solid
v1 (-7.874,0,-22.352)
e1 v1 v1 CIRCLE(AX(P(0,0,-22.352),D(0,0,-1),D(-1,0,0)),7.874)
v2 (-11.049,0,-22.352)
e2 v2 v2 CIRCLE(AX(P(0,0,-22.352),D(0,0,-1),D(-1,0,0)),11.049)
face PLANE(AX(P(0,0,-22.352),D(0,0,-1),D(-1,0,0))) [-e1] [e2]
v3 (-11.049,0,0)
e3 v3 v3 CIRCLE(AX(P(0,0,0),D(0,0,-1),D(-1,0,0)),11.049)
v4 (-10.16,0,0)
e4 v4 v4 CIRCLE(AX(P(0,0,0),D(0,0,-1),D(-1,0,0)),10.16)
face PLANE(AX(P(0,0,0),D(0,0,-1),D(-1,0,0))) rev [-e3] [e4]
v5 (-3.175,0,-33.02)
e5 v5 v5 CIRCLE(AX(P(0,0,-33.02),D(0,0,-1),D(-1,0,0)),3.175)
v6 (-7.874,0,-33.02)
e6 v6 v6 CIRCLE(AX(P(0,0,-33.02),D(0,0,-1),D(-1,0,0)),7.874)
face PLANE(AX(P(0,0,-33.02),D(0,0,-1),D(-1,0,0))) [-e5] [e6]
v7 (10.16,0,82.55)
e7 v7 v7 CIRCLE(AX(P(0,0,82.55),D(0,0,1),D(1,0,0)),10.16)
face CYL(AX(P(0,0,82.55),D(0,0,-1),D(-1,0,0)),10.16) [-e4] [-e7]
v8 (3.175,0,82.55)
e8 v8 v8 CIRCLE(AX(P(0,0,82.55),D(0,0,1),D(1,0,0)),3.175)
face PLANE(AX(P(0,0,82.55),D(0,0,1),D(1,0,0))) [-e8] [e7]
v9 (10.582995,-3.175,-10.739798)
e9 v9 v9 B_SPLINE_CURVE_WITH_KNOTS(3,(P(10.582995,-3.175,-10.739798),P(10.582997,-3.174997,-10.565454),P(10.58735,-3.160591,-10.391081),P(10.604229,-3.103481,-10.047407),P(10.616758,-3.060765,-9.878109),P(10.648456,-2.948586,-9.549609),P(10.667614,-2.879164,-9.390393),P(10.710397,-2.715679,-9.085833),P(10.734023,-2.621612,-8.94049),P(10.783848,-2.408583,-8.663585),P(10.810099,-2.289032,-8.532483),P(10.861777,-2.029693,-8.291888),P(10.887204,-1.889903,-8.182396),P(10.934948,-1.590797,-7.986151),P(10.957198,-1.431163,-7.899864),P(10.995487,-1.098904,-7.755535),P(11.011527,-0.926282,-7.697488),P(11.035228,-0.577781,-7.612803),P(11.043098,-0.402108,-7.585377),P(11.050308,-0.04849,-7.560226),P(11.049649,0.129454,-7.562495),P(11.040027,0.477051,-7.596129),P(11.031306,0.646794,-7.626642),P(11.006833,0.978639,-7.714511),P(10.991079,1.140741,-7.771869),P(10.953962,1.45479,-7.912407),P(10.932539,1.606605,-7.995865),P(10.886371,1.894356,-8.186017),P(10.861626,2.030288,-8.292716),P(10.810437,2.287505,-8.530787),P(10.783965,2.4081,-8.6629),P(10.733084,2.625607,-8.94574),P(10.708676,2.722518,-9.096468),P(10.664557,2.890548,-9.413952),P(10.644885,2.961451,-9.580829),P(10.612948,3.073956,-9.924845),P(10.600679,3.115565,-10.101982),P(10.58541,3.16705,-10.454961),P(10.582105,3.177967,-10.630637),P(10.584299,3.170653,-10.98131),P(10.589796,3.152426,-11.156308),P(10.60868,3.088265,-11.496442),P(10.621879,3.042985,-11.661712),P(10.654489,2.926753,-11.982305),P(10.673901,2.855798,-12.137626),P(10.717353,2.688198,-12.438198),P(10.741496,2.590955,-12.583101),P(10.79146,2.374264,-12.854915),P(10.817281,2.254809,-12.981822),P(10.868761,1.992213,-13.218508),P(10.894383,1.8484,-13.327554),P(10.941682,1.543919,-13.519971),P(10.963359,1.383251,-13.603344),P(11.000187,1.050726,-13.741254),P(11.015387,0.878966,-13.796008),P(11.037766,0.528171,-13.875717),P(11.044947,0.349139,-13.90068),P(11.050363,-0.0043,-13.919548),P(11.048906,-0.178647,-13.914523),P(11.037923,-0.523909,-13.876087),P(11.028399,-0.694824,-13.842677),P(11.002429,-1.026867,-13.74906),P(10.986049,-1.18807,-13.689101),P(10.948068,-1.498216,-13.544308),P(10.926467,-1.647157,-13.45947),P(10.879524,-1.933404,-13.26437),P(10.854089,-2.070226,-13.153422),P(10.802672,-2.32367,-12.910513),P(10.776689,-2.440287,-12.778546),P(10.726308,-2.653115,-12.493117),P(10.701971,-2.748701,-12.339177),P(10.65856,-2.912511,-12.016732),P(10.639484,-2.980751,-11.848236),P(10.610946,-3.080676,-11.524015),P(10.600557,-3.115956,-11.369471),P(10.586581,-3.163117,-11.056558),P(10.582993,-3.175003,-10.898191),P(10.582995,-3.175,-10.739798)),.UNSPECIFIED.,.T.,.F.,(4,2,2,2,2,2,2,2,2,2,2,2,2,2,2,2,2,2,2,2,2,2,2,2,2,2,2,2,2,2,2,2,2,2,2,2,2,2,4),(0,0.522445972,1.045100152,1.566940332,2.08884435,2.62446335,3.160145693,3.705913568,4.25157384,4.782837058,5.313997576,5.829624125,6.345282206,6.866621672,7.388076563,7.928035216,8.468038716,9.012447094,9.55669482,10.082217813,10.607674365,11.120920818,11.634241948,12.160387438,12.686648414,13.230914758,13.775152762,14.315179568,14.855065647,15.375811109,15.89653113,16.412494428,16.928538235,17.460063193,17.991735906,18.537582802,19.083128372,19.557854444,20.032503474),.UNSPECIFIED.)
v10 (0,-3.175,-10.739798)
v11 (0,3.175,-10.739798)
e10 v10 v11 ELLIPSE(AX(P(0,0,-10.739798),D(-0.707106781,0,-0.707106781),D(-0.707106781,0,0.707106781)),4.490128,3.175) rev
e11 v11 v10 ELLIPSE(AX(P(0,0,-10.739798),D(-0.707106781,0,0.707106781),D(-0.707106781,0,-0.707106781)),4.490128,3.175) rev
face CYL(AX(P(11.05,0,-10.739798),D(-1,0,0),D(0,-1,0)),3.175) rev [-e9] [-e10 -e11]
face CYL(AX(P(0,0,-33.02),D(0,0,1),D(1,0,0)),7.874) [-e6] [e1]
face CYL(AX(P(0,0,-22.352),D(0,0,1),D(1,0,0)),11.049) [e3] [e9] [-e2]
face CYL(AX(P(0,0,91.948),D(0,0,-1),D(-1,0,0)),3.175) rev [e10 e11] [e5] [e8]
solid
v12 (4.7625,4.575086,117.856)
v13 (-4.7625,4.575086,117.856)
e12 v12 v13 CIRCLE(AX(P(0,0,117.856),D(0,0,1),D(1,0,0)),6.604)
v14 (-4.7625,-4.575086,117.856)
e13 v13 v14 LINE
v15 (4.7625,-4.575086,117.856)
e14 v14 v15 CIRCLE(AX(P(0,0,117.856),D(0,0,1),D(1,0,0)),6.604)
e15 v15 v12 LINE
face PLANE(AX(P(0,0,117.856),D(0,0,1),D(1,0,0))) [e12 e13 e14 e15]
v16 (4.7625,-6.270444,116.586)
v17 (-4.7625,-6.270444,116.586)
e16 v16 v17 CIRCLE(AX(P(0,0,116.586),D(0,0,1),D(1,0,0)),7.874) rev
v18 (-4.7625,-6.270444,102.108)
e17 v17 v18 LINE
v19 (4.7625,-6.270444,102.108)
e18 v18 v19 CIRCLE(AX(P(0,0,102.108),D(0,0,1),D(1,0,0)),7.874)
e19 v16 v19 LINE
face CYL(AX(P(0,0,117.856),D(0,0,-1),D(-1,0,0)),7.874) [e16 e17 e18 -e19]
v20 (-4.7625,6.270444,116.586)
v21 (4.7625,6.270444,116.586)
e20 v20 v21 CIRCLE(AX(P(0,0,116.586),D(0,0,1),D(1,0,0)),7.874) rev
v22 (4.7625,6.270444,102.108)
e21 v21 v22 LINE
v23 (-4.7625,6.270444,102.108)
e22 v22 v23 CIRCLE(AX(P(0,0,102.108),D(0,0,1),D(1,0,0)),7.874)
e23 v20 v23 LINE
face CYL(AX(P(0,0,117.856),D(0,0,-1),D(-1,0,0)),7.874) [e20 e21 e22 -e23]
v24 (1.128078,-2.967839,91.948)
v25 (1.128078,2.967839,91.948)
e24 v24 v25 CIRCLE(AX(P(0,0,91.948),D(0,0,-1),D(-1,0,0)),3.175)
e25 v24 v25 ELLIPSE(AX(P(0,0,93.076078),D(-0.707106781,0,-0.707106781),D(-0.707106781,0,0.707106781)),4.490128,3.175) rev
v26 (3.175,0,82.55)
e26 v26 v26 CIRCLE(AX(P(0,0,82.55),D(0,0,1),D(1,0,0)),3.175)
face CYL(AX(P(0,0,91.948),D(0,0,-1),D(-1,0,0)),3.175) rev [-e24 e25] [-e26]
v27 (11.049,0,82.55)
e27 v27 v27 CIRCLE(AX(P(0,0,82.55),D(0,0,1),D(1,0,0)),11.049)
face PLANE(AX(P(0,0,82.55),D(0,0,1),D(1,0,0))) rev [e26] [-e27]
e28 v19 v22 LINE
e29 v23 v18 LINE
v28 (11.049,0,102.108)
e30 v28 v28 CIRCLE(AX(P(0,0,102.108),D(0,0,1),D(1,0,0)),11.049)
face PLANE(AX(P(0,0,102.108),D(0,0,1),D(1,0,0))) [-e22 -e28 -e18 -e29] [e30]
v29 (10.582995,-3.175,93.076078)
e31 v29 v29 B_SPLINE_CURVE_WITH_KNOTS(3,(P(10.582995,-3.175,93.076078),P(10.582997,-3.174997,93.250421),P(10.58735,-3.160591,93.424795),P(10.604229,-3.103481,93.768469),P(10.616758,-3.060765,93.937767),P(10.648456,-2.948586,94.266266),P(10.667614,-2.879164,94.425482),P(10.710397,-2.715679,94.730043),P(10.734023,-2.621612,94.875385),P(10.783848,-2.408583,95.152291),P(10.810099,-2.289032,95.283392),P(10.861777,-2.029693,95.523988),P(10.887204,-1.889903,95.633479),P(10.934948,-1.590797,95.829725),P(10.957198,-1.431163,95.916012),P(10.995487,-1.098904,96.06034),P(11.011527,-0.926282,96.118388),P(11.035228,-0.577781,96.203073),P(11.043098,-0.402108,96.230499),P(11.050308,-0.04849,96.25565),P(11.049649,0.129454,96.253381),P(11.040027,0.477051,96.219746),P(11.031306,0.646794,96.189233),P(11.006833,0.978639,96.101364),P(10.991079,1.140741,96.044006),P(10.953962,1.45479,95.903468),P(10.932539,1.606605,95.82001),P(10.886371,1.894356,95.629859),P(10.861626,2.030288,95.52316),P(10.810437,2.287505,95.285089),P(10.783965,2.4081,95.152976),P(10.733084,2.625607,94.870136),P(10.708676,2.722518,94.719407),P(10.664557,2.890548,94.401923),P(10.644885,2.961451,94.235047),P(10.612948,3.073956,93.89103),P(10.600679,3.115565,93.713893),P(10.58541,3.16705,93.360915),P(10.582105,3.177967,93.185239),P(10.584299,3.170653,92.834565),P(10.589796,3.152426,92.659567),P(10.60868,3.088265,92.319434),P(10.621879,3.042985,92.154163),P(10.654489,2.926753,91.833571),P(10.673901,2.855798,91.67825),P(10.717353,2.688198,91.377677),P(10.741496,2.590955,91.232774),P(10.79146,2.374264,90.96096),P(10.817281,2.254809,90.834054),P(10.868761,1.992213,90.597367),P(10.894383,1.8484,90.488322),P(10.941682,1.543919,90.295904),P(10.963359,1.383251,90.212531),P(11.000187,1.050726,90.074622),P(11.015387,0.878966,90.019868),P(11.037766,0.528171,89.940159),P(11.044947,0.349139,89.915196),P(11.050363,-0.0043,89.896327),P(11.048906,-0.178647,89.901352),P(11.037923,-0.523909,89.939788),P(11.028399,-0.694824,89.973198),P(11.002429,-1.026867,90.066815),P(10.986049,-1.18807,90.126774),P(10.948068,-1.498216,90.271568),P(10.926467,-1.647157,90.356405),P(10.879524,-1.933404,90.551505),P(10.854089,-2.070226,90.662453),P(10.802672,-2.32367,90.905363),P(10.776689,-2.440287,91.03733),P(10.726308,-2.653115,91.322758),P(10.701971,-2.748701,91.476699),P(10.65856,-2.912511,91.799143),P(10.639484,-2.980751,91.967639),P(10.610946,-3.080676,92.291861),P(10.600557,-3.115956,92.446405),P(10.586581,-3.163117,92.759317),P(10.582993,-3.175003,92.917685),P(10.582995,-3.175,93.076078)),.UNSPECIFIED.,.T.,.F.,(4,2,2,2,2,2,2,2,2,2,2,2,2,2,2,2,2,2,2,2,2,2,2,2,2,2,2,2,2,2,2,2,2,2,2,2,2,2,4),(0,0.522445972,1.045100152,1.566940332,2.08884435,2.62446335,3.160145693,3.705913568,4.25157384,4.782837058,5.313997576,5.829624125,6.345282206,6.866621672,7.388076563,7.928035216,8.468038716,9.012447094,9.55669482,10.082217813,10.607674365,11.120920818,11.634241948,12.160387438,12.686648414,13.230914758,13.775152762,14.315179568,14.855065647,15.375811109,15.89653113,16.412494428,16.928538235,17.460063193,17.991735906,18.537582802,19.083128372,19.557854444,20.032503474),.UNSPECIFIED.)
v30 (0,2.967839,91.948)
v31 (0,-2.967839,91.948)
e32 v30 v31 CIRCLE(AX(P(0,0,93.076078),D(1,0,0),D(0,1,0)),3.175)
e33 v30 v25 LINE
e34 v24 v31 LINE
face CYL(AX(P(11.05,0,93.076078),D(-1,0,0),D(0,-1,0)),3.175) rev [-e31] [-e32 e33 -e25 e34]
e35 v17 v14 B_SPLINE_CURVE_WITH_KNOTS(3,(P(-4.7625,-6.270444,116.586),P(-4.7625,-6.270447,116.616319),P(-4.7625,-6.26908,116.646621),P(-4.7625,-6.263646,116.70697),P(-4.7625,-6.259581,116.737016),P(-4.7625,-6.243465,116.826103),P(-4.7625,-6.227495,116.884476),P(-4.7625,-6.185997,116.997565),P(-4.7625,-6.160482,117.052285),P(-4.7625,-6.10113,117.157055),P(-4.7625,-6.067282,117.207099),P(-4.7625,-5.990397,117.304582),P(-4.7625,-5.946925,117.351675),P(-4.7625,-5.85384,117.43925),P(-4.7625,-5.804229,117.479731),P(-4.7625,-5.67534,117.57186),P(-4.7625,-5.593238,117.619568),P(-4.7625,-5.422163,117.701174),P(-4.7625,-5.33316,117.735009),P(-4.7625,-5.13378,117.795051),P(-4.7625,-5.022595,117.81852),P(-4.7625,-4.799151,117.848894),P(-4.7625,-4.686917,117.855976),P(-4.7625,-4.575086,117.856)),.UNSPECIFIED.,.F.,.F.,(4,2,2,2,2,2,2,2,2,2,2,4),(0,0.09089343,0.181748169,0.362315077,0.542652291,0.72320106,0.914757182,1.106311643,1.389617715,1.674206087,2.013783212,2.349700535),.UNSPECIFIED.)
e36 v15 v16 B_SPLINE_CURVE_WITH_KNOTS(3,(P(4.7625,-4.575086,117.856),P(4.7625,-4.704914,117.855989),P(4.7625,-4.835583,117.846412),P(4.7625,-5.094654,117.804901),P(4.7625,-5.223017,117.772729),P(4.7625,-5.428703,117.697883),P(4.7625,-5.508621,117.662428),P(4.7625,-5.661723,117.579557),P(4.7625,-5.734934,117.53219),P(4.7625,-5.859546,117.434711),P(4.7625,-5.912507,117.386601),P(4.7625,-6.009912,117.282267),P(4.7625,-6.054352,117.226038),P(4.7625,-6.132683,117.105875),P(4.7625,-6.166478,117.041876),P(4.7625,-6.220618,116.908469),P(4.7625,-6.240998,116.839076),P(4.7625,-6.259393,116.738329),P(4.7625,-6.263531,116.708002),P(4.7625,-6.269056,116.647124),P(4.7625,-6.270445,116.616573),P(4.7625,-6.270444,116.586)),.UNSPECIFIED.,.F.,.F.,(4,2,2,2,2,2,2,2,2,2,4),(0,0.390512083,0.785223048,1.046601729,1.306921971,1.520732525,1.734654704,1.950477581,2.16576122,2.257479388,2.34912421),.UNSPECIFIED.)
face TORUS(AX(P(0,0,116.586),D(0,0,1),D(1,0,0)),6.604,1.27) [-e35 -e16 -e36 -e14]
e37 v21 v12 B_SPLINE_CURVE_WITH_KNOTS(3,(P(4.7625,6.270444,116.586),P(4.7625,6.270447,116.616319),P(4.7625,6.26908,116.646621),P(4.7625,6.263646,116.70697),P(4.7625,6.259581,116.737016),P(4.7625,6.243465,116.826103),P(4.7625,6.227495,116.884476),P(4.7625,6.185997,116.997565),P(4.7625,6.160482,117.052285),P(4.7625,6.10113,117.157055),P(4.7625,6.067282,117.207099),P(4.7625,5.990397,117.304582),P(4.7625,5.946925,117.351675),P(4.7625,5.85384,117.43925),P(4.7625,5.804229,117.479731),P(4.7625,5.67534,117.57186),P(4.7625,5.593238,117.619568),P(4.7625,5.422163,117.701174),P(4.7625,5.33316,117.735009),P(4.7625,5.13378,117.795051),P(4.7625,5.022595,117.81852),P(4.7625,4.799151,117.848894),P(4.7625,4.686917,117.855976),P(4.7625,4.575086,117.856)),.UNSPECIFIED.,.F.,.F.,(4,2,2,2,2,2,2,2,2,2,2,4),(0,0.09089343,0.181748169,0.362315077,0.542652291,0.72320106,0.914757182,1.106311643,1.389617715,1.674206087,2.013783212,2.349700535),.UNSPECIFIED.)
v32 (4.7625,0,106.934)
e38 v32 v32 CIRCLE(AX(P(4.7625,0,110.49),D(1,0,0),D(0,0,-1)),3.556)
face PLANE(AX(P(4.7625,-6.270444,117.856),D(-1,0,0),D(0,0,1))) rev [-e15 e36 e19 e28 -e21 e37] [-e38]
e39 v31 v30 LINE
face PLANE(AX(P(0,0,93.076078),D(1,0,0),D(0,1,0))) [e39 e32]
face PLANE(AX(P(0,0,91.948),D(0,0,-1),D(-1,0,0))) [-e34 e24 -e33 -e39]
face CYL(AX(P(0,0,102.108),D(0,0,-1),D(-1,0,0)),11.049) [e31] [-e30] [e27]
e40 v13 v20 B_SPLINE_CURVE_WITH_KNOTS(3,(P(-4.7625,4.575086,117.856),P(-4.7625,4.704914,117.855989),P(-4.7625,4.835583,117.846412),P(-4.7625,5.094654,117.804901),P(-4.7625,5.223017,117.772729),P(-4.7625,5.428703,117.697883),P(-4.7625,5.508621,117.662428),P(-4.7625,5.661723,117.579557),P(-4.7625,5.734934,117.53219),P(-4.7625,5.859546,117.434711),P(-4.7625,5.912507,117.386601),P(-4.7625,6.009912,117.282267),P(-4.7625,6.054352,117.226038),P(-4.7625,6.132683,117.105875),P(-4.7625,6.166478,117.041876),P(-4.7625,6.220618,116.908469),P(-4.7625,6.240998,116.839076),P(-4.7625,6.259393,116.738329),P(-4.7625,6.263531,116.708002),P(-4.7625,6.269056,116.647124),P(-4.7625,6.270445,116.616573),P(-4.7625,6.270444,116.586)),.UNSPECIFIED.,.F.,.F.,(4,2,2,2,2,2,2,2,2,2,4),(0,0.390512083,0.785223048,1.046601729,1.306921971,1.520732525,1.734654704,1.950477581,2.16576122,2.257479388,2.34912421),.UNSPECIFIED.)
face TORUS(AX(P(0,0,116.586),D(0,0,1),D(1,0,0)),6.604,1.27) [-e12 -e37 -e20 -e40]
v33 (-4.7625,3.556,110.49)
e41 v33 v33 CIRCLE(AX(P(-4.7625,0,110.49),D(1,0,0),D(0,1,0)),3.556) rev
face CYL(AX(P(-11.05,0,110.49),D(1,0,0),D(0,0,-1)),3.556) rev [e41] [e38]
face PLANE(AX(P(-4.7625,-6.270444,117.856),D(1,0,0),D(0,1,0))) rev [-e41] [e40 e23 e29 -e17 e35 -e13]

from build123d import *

# Parameters (mm, degrees)
SKETCH1_R           = 10.16
BOSS_EXTRUDE1_DEPTH = 82.55
SKETCH2_R           = 11.049
BOSS_EXTRUDE2_DEPTH = 19.558
BOSS_EXTRUDE3_DEPTH = 15.748
SKETCH4_R           = 3.556
CUT_EXTRUDE1_DEPTH  = 9.525
FILLET1_R           = 1.27
SKETCH5_R           = 11.049
BOSS_EXTRUDE4_DEPTH = 22.352
SKETCH6_R           = 7.874
BOSS_EXTRUDE5_DEPTH = 10.668
SKETCH7_R           = 3.175
CUT_EXTRUDE2_DEPTH  = 124.968
SKETCH8_R           = 3.175
CUT_EXTRUDE3_DEPTH  = 11.049


with BuildPart() as part:
    # Sketch1 → Boss-Extrude1 (new body)
    with BuildSketch(Plane.XY):
        Circle(SKETCH1_R)
    extrude(amount=BOSS_EXTRUDE1_DEPTH)

    # Sketch5 → Boss-Extrude4 (add)
    with BuildSketch(Plane(origin=(0, 0, 0), x_dir=(-1, 0, 0), z_dir=(0, 0, -1))):
        Circle(SKETCH5_R)
    extrude(amount=BOSS_EXTRUDE4_DEPTH)

    # Sketch6 → Boss-Extrude5 (add)
    with BuildSketch(Plane(origin=(0, 0, -22.352), x_dir=(-1, 0, 0), z_dir=(0, 0, -1))):
        Circle(SKETCH6_R)
    extrude(amount=BOSS_EXTRUDE5_DEPTH)


with BuildPart() as body_2:
    # Sketch2 → Boss-Extrude2 (new body)
    with BuildSketch(Plane.XY.offset(82.55)):
        Circle(SKETCH2_R)
    extrude(amount=BOSS_EXTRUDE2_DEPTH)

    # Sketch3 → Boss-Extrude3 (add)
    with BuildSketch(Plane.XY.offset(102.108)):
        with BuildLine():
            Line((4.7625, -6.270444143), (4.7625, 6.270444143))
            ThreePointArc((4.7625, 6.270444143), (0, 7.874), (-4.7625, 6.270444143))
            Line((-4.7625, 6.270444143), (-4.7625, -6.270444143))
            ThreePointArc((-4.7625, -6.270444143), (0, -7.874), (4.7625, -6.270444143))
        make_face()
    extrude(amount=BOSS_EXTRUDE3_DEPTH)

    # Sketch4 → Cut-Extrude1 (cut)
    with BuildSketch(Plane(origin=(4.7625, 0, 0), x_dir=(0, 0, -1), z_dir=(1, 0, 0))):
        with Locations((-110.49, 0)):
            Circle(SKETCH4_R)
    extrude(amount=-CUT_EXTRUDE1_DEPTH, mode=Mode.SUBTRACT)

    # Fillet1
    fillet1_edges = [body_2.edges().sort_by_distance(p)[0] for p in [
        (0, 7.874, 117.856),
        (0, -7.874, 117.856),
    ]]
    fillet(fillet1_edges, radius=FILLET1_R)


with BuildPart() as cut_extrude2_tool:
    # Sketch7 → Cut-Extrude2 (new body)
    with BuildSketch(Plane(origin=(0, 0, -33.02), x_dir=(-1, 0, 0), z_dir=(0, 0, -1))):
        Circle(SKETCH7_R)
    extrude(amount=-CUT_EXTRUDE2_DEPTH)


with BuildPart() as part_1:
    add(part.part)

    # Cut-Extrude2: cut by cut_extrude2_tool
    add(cut_extrude2_tool.part, mode=Mode.SUBTRACT)


with BuildPart() as body_2_1:
    add(body_2.part)

    # Cut-Extrude2: cut by cut_extrude2_tool
    add(cut_extrude2_tool.part, mode=Mode.SUBTRACT)


with BuildPart() as cut_extrude3_tool:
    # Sketch8 → Cut-Extrude3 (new body)
    with BuildSketch(Plane(origin=(0, 0, 0), x_dir=(0, 0, -1), z_dir=(1, 0, 0))):
        with Locations((-93.076077846, 0)):
            Circle(SKETCH8_R)
        with Locations((10.739797543, 0)):
            Circle(SKETCH8_R)
    extrude(amount=CUT_EXTRUDE3_DEPTH)


with BuildPart() as part_2:
    add(part_1.part)

    # Cut-Extrude3: cut by cut_extrude3_tool
    add(cut_extrude3_tool.part, mode=Mode.SUBTRACT)


with BuildPart() as body_2_2:
    add(body_2_1.part)

    # Cut-Extrude3: cut by cut_extrude3_tool
    add(cut_extrude3_tool.part, mode=Mode.SUBTRACT)


solid = Compound([part_2.part, body_2_2.part])
